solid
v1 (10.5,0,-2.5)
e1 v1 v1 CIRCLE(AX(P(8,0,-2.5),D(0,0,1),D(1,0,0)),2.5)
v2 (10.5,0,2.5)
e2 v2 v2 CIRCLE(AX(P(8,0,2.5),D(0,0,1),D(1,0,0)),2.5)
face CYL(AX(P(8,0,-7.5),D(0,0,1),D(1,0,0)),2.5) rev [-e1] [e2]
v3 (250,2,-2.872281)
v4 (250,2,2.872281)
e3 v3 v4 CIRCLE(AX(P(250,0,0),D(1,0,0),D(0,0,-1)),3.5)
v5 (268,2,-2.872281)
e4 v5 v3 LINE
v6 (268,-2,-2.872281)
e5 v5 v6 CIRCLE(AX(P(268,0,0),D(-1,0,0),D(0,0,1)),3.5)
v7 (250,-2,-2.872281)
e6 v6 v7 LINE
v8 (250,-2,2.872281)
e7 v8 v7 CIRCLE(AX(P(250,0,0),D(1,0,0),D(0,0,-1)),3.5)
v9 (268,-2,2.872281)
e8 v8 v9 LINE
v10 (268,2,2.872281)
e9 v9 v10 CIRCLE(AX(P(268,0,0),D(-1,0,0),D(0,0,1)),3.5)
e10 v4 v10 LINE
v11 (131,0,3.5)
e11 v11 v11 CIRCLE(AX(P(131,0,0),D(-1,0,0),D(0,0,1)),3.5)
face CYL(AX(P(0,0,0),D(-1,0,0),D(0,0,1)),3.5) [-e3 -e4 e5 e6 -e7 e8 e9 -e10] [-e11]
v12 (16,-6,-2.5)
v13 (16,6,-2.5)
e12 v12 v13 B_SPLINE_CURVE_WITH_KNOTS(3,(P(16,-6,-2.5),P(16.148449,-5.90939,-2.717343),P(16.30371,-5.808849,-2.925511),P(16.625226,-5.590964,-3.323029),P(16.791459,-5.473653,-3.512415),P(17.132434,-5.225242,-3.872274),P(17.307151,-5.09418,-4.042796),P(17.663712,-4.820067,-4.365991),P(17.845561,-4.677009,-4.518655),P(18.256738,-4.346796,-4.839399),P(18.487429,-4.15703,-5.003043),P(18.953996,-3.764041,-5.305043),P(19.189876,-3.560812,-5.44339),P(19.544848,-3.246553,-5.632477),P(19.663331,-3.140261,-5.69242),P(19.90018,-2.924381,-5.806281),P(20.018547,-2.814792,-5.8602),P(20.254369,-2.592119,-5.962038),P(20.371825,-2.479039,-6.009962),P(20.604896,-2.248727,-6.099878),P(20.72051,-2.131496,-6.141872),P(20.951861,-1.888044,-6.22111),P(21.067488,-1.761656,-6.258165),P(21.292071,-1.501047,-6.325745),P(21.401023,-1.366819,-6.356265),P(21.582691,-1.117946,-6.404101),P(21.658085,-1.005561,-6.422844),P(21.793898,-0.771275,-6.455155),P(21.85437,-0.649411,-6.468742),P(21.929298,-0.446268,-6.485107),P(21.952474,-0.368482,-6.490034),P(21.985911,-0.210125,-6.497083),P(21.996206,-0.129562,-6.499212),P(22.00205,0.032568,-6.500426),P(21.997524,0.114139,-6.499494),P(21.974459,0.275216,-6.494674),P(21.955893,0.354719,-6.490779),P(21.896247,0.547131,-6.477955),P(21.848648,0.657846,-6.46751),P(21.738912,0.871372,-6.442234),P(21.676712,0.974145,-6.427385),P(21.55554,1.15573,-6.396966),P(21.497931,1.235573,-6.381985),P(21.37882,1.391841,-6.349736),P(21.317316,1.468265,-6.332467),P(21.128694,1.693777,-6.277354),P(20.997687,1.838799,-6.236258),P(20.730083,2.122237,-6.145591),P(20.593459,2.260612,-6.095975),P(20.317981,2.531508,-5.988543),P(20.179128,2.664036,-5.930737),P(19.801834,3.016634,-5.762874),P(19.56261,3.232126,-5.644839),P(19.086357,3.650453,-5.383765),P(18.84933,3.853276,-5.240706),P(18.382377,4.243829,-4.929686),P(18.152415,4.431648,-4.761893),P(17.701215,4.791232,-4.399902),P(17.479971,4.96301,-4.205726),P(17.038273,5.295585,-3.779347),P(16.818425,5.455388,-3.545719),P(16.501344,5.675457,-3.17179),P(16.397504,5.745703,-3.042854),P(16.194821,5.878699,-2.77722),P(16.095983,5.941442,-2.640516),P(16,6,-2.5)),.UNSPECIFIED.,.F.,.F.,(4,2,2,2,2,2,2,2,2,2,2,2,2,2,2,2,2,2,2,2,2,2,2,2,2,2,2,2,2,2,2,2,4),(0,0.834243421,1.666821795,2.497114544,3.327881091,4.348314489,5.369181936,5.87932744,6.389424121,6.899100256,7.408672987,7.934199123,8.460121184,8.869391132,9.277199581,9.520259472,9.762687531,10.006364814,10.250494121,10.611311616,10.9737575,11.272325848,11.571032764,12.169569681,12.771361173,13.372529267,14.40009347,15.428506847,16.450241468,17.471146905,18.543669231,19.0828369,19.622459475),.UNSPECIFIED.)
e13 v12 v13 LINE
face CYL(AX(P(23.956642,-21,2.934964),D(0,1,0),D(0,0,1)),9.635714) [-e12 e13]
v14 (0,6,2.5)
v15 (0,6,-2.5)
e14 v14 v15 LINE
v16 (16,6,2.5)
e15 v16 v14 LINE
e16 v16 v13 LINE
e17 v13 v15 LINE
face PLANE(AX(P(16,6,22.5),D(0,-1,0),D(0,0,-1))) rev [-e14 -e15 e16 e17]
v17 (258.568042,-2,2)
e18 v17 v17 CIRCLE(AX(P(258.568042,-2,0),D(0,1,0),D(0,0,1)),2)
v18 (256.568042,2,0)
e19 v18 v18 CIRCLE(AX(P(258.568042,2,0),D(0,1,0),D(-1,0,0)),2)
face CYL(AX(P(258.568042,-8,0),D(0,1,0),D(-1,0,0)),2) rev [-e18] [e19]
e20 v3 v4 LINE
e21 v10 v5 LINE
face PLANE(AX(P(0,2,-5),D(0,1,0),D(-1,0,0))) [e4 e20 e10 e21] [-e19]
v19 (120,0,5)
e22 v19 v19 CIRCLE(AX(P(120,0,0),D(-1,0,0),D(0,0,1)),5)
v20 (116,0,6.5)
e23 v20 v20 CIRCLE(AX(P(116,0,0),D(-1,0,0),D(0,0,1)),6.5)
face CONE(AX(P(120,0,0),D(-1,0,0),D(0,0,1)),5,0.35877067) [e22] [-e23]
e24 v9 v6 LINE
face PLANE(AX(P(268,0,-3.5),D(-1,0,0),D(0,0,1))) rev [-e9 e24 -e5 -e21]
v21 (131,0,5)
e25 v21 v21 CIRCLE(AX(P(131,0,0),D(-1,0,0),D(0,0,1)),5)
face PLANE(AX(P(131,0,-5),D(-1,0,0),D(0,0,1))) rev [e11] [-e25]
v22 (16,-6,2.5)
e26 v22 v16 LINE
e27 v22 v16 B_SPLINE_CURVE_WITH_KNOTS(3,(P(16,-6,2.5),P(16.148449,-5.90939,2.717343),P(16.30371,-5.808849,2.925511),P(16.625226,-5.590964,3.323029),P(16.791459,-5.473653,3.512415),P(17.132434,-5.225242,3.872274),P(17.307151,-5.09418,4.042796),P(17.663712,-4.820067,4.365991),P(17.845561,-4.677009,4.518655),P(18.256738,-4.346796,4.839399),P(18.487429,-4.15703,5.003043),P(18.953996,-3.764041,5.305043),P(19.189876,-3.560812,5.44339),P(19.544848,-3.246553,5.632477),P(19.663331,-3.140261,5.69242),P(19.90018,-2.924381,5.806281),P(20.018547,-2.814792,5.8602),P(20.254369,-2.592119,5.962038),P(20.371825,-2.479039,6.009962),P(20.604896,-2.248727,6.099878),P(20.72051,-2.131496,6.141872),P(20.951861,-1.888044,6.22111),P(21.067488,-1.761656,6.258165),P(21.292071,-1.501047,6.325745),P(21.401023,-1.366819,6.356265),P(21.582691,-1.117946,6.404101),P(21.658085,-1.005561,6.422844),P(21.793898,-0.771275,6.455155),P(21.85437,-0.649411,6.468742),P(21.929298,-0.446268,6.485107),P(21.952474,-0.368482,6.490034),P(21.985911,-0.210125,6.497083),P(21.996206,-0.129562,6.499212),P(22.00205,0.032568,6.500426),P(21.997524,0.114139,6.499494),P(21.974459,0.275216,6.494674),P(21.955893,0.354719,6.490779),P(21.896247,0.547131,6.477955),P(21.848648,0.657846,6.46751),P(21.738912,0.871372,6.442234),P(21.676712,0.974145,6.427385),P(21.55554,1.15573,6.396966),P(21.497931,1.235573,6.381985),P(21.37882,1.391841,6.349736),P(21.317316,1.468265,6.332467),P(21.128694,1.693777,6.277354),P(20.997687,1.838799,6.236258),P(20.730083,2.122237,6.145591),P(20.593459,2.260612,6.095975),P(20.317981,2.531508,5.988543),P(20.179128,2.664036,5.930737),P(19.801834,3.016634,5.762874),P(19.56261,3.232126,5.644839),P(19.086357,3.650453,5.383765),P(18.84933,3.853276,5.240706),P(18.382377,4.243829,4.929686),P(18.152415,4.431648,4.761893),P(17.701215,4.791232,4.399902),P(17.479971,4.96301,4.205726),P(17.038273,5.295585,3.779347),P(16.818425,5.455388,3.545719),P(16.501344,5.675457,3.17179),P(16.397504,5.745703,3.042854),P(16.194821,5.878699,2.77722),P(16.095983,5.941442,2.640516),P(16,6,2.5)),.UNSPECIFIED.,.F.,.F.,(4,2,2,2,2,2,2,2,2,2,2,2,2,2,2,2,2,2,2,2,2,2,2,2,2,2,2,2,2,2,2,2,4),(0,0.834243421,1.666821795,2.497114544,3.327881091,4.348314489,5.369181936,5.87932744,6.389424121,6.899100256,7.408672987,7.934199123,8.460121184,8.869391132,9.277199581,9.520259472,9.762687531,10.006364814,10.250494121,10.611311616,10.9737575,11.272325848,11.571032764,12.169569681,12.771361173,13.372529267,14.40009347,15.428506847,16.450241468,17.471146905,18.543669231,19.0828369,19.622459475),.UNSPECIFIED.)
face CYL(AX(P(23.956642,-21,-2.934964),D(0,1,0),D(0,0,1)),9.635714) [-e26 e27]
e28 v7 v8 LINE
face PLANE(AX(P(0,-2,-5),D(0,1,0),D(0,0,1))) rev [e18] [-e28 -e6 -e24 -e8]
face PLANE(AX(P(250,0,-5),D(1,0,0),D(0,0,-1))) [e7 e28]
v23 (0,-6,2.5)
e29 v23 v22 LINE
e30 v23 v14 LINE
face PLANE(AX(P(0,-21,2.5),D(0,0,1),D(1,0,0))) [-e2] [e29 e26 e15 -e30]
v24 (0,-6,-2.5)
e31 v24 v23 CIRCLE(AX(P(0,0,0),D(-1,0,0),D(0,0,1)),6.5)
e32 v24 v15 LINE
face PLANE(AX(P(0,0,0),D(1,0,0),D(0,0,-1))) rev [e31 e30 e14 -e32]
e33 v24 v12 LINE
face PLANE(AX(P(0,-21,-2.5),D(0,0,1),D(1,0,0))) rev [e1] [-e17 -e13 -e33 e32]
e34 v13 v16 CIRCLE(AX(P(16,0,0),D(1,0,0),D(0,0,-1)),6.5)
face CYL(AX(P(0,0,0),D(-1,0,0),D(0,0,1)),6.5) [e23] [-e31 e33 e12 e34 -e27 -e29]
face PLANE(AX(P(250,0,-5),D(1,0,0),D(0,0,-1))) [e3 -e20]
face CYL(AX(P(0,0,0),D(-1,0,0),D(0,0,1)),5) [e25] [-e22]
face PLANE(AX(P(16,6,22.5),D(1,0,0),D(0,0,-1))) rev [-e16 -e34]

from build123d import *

# Parameters (mm, degrees)
CUT_EXTRUDE1_DEPTH = 21
SKETCH5_W          = 19.327905808
SKETCH5_H          = 9.031167277
CUT_EXTRUDE4_DEPTH = 25
CUT_EXTRUDE5_DEPTH = 5
SKETCH9_R          = 2
CUT_EXTRUDE6_DEPTH = 10
SKETCH10_R         = 2.5
CUT_EXTRUDE7_DEPTH = 10


with BuildPart() as part:
    # Sketch1 → Revolve1 (revolve)
    with BuildSketch(Plane(origin=(0, 0, 0), x_dir=(1, 0, 0), z_dir=(0, 1, 0))):
        Polygon((0, 0), (0, 6.5), (116, 6.5), (120, 5), (131, 5), (131, 3.5), (268, 3.5), (268, 0), align=None)
    revolve(axis=Axis((0, 0, 0), (1, 0, 0)))

    # Sketch2 → Cut-Extrude1 (cut, symmetric)
    with BuildSketch(Plane(origin=(0, 0, 0), x_dir=(1, 0, 0), z_dir=(0, 1, 0))):
        with BuildLine():
            Line((0, 6.5), (0, 2.5))
            Line((0, 2.5), (16, 2.5))
            ThreePointArc((16, 2.5), (18.611709863, 5.082435206), (22, 6.5))
            Line((22, 6.5), (0, 6.5))
        make_face()
        with BuildLine():
            Line((16, -2.5), (0, -2.5))
            Line((0, -2.5), (0, -6.5))
            Line((0, -6.5), (22, -6.5))
            ThreePointArc((22, -6.5), (18.611709863, -5.082435206), (16, -2.5))
        make_face()
    extrude(amount=CUT_EXTRUDE1_DEPTH, both=True, mode=Mode.SUBTRACT)

    # Sketch5 → Cut-Extrude4 (cut)
    with BuildSketch(Plane(origin=(0, 0, -2.5), x_dir=(-1, 0, 0), z_dir=(0, 0, -1))):
        with Locations((-6.336047096, 10.515583639)):
            Rectangle(SKETCH5_W, SKETCH5_H)
    extrude(amount=-CUT_EXTRUDE4_DEPTH, mode=Mode.SUBTRACT)

    # Sketch8 → Cut-Extrude5 (cut, symmetric)
    with BuildSketch(Plane.XY):
        Polygon((250, 2), (275.037154833, 2), (275.037154833, 6.622106016), (250, 7.374727948), align=None)
        Polygon((275.037154833, -10.204370032), (275.037154833, -2), (250, -2), (250, -8.806643588), align=None)
    extrude(amount=CUT_EXTRUDE5_DEPTH, both=True, mode=Mode.SUBTRACT)

    # Sketch9 → Cut-Extrude6 (cut)
    with BuildSketch(Plane(origin=(0, 2, 0), x_dir=(1, 0, 0), z_dir=(0, 1, 0))):
        with Locations((258.568042263, 0)):
            Circle(SKETCH9_R)
    extrude(amount=-CUT_EXTRUDE6_DEPTH, mode=Mode.SUBTRACT)

    # Sketch10 → Cut-Extrude7 (cut)
    with BuildSketch(Plane.XY.offset(2.5)):
        with Locations((8, 0)):
            Circle(SKETCH10_R)
    extrude(amount=-CUT_EXTRUDE7_DEPTH, mode=Mode.SUBTRACT)


solid = part.part
